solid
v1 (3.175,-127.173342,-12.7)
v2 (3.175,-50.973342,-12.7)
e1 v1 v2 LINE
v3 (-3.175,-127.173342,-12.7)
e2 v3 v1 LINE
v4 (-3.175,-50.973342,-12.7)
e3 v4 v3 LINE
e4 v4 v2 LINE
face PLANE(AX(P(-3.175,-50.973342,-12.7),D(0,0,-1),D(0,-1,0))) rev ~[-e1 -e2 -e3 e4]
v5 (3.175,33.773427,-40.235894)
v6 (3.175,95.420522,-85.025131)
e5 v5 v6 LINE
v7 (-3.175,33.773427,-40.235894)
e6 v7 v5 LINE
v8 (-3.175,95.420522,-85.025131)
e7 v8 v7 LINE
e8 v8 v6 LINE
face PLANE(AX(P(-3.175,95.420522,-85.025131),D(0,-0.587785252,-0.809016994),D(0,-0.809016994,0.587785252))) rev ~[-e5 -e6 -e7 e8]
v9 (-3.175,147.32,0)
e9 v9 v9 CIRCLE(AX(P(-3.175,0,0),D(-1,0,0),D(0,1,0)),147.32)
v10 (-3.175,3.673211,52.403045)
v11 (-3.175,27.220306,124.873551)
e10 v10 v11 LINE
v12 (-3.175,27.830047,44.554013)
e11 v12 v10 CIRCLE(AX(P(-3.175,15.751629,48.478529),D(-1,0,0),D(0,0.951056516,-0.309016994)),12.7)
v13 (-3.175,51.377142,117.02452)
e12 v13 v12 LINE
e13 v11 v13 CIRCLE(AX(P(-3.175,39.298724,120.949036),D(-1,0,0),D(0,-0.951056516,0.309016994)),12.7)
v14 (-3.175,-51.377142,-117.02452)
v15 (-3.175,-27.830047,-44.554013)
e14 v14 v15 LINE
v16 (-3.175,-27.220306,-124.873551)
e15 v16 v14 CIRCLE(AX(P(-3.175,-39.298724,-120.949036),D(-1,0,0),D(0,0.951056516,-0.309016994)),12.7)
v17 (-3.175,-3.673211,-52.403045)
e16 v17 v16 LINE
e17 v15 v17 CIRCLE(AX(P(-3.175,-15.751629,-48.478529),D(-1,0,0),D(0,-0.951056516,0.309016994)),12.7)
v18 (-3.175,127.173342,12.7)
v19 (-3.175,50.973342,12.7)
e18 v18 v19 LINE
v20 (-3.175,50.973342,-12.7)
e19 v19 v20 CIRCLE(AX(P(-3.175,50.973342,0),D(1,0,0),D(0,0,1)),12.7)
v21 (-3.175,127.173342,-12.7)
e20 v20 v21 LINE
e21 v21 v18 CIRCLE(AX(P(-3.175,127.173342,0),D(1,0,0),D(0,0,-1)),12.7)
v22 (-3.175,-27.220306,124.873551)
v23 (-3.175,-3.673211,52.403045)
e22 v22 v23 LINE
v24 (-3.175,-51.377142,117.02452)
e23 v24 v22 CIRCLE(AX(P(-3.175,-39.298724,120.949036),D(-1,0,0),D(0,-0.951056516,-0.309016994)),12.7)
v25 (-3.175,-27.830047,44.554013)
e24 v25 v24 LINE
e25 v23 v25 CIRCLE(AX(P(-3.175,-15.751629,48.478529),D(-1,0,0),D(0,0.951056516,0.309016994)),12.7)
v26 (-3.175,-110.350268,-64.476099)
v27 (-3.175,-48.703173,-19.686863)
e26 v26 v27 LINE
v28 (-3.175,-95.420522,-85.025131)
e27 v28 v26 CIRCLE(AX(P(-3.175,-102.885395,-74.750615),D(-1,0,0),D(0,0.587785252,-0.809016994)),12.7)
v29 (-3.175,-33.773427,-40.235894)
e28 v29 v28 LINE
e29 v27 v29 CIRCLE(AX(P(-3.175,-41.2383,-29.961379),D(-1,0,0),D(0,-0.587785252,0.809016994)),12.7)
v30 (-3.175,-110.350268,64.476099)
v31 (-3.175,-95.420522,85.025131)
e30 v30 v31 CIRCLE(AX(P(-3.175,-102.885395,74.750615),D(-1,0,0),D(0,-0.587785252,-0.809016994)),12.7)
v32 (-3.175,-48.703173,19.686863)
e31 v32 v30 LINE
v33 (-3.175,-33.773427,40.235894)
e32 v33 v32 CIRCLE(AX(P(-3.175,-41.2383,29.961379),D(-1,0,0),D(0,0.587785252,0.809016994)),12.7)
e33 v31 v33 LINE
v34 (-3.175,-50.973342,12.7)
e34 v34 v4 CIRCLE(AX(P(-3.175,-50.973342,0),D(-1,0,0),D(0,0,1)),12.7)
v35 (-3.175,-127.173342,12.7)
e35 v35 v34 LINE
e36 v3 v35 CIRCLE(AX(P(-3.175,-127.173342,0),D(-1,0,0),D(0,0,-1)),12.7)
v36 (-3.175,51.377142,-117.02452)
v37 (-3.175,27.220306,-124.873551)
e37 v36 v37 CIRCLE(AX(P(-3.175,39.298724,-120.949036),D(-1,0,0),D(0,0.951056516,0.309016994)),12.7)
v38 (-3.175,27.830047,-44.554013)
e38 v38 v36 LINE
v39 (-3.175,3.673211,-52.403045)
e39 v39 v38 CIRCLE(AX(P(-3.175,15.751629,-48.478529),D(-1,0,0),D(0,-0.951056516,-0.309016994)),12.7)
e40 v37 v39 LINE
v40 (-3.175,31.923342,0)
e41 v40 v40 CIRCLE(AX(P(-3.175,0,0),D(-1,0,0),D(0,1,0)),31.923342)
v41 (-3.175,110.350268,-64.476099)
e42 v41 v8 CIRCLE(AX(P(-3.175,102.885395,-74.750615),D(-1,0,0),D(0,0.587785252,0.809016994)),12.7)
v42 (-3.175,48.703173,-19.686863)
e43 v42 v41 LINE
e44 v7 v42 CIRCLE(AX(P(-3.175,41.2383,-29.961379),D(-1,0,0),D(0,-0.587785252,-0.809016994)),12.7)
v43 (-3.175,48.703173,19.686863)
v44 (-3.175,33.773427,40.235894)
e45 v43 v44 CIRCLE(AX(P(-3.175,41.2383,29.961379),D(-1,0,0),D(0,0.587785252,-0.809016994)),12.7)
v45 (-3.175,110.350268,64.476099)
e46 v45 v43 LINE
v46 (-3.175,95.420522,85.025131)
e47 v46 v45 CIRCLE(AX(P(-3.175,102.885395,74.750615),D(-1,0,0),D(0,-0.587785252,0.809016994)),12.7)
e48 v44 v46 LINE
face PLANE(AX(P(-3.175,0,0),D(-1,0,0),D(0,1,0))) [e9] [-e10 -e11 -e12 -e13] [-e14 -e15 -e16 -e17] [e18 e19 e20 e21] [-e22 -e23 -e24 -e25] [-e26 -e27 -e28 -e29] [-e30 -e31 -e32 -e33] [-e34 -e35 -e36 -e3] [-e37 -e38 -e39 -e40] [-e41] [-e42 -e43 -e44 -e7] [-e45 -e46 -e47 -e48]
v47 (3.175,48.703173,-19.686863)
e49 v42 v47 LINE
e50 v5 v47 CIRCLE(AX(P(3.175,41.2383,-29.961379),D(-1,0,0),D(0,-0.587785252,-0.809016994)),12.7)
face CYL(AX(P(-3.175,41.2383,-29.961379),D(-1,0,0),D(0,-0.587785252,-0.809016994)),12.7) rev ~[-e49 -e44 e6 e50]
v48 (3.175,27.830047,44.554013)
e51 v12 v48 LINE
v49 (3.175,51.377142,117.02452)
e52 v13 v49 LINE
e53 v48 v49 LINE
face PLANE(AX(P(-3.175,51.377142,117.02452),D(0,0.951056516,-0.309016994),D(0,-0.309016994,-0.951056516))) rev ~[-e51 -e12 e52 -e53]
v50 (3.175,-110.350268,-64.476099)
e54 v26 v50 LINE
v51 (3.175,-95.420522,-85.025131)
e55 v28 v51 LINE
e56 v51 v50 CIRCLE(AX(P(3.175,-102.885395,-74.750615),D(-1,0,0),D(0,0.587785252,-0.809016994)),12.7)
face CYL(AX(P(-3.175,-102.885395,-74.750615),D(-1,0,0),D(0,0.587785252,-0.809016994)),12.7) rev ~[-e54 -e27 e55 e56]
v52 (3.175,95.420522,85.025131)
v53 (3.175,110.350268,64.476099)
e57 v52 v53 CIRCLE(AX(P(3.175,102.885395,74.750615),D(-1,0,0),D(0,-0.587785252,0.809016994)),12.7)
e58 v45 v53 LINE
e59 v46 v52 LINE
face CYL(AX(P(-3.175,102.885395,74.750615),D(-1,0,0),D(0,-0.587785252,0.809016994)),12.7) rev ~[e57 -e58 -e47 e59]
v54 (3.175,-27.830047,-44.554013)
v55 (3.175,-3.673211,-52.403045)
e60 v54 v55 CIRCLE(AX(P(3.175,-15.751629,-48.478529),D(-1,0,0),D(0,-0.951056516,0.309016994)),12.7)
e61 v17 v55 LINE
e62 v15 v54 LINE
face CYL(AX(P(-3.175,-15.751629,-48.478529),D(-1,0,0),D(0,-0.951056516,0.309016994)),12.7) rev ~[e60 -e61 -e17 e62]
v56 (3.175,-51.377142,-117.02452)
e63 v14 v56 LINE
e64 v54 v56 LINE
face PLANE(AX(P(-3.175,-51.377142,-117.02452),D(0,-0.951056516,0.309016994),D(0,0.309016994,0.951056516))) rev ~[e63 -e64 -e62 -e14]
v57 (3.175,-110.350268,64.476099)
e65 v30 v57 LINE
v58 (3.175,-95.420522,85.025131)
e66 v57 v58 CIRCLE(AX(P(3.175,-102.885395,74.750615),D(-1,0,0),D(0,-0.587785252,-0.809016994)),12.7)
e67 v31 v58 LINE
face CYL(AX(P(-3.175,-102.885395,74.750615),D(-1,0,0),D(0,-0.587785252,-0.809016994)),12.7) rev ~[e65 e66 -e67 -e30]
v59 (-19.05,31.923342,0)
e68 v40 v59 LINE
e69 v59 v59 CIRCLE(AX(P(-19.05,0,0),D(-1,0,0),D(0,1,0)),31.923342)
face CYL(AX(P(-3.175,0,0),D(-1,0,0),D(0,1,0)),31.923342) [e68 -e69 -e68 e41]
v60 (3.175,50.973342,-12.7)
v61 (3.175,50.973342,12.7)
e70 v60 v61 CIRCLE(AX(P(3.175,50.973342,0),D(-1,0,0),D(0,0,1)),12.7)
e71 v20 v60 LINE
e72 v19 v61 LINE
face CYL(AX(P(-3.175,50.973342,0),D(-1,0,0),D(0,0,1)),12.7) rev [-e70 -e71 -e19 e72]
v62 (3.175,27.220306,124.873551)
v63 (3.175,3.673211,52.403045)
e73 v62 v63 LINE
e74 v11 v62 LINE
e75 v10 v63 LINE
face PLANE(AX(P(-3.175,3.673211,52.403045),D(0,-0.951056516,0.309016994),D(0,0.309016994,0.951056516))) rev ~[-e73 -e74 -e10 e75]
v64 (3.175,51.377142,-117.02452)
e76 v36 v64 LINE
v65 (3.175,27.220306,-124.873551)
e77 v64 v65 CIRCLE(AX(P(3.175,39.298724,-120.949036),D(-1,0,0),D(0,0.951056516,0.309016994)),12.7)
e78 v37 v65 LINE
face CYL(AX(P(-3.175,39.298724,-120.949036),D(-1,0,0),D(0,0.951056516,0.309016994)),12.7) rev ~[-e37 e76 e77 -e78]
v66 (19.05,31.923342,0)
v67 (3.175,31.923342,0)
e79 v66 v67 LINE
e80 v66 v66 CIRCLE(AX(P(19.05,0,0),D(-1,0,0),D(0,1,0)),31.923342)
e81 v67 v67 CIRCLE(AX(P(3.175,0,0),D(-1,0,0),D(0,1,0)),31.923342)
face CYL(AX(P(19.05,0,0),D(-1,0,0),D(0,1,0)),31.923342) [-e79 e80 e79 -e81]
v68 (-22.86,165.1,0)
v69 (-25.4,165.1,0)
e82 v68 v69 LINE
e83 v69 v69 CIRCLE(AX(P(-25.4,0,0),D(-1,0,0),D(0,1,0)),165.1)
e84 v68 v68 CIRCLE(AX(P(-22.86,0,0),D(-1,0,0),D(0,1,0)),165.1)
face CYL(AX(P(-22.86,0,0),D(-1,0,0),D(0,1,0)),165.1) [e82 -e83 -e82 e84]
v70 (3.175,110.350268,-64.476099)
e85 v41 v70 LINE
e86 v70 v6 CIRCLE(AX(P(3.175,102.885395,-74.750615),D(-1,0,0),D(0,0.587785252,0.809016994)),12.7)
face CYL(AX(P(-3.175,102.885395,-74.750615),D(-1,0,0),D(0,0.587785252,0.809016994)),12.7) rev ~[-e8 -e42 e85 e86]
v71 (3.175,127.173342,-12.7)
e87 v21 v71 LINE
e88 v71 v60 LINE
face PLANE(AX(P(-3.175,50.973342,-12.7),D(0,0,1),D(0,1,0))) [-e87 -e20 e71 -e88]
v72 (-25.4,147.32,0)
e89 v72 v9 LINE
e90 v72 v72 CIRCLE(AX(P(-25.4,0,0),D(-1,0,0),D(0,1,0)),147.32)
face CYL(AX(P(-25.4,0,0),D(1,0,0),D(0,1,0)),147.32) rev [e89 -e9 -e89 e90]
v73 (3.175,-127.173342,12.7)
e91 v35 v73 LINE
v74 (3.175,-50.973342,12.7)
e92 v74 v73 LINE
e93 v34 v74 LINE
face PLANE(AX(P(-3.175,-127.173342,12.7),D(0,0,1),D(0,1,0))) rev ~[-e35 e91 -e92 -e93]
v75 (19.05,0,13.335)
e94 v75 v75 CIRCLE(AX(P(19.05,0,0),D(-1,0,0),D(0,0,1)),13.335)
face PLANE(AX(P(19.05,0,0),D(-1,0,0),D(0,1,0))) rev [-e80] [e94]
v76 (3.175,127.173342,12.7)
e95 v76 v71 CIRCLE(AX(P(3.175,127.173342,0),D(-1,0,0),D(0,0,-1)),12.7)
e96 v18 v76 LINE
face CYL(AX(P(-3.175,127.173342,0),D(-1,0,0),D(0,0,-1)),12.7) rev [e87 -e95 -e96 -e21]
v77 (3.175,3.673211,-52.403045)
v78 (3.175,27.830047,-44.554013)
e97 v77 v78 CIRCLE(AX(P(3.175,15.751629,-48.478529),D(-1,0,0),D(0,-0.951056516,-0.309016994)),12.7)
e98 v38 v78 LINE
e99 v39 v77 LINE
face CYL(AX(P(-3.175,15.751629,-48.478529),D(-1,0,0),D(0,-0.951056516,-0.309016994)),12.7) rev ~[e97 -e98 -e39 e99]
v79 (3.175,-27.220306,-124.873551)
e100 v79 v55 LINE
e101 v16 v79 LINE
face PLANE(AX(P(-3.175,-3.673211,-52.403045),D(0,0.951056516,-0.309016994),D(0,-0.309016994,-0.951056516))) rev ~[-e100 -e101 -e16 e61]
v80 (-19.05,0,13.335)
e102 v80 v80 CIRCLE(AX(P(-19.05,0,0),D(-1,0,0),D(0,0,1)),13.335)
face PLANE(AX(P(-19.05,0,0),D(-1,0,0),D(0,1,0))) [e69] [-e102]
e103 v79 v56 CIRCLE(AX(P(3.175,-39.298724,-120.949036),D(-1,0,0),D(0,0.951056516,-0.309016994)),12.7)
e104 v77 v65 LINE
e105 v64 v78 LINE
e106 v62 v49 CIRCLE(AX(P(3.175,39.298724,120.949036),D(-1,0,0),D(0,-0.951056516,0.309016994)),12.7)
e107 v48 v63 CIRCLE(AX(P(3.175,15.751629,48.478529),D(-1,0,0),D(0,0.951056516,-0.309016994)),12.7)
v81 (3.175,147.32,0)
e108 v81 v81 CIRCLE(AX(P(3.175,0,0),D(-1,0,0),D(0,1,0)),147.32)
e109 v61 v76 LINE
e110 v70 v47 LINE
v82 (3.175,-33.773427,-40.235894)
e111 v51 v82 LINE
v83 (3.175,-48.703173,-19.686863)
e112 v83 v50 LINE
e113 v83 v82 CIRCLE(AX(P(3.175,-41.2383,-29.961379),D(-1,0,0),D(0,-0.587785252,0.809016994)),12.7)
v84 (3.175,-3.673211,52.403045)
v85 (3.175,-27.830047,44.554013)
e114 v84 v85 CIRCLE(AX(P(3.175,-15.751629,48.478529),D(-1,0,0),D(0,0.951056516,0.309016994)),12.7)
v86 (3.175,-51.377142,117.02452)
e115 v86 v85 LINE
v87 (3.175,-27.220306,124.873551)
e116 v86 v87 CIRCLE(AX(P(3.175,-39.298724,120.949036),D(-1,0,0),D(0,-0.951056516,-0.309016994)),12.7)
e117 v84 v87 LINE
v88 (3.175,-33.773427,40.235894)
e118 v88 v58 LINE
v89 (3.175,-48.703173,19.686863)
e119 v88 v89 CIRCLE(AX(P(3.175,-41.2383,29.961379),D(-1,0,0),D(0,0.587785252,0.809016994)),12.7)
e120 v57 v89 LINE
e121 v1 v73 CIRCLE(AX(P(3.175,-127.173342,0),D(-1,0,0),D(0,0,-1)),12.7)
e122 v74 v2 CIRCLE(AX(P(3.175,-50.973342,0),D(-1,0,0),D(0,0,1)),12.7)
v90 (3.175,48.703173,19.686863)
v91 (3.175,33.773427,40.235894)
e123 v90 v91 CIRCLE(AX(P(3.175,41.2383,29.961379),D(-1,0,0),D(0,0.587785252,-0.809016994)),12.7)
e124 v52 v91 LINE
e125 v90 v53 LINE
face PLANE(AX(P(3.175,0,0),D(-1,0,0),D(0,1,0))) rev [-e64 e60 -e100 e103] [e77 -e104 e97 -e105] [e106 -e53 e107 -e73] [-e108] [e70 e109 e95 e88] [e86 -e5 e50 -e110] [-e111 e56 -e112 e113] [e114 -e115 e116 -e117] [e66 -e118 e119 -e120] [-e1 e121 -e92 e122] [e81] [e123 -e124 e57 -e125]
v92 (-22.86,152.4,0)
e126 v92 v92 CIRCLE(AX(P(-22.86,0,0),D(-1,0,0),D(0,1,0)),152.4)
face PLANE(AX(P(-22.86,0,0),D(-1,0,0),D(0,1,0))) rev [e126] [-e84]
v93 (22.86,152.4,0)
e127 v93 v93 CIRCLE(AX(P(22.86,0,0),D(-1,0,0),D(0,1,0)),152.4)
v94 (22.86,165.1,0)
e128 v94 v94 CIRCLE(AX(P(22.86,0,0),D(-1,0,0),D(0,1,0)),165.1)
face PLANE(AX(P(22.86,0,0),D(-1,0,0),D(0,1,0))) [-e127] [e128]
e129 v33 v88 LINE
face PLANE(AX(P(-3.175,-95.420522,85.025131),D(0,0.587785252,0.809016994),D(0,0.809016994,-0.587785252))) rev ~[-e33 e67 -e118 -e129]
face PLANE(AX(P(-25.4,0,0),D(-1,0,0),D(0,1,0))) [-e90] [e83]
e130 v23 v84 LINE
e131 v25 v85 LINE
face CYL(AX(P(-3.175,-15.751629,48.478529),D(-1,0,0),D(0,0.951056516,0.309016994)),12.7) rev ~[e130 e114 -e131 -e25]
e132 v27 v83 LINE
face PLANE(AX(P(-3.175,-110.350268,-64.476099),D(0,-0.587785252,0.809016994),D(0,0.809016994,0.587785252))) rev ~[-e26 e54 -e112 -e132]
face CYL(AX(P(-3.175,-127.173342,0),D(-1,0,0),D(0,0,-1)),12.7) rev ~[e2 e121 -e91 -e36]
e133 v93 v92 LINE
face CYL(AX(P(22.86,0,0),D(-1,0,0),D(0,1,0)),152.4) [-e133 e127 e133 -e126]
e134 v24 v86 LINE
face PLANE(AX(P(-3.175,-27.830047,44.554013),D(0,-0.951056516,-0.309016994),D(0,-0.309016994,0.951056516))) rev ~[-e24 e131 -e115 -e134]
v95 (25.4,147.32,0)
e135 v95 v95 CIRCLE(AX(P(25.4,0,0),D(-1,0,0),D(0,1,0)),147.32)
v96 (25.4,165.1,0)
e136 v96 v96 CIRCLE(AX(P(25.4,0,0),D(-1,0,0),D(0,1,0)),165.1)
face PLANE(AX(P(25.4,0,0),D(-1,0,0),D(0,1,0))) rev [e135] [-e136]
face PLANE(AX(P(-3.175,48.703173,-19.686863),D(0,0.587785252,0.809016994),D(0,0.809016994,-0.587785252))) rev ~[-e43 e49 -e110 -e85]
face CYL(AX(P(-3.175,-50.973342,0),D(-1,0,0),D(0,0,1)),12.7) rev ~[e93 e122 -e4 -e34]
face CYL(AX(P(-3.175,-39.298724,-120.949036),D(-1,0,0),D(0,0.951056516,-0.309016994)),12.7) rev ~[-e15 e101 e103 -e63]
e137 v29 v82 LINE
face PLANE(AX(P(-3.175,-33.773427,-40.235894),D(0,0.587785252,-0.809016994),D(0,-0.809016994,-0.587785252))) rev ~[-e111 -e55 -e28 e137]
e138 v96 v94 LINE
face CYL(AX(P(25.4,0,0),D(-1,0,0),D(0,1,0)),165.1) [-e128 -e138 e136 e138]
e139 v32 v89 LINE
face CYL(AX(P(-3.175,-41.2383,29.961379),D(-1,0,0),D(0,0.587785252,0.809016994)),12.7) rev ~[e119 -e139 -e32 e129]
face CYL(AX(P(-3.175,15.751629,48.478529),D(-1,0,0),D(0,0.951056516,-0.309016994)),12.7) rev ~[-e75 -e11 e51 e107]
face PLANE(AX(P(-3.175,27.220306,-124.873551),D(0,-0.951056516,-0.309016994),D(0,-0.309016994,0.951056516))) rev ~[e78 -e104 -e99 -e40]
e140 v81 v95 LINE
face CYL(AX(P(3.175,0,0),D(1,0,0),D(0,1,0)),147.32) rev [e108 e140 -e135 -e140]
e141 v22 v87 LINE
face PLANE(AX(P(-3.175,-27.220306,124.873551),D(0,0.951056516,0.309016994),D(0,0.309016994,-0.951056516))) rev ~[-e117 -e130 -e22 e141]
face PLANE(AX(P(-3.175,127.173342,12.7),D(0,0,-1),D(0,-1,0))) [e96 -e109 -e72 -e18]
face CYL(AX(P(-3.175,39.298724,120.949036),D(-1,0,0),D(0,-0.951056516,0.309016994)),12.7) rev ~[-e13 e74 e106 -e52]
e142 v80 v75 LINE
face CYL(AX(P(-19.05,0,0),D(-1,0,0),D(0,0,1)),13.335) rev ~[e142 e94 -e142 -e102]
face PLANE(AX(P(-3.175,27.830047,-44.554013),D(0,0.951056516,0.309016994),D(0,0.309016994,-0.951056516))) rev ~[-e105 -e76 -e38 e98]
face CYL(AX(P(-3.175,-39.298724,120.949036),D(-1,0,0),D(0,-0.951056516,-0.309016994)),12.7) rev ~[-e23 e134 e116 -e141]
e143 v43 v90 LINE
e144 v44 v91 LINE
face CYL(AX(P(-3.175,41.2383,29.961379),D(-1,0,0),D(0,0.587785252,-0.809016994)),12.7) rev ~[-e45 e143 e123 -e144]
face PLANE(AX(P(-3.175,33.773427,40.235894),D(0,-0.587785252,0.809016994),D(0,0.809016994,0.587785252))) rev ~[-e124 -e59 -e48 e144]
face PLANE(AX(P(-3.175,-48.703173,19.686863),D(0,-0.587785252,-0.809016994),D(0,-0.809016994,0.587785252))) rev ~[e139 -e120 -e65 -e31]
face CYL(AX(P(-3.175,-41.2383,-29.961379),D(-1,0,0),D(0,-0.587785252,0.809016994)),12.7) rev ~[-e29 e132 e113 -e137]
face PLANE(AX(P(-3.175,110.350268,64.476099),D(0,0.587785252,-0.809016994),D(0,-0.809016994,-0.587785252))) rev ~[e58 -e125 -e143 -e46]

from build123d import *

# Parameters (mm, degrees)
SKETCH3_R                = 13.335
CUT_EXTRUDE1_DEPTH       = 7.35
CUT_EXTRUDE1_DEPTH_BACK  = 45.45
CUT_EXTRUDE10_DEPTH      = 23.225
CUT_EXTRUDE10_DEPTH_BACK = 29.575


with BuildPart() as part:
    # Sketch2 → Revolve2 (revolve)
    with BuildSketch(Plane.XY):
        Polygon((22.86, 152.4), (-22.86, 152.4), (-22.86, 165.1), (-25.4, 165.1), (-25.4, 147.32), (-3.175, 147.32), (-3.175, 31.92334197), (-19.05, 31.92334197), (-19.05, 0), (19.05, 0), (19.05, 31.92334197), (3.175, 31.92334197), (3.175, 147.32), (25.4, 147.32), (25.4, 165.1), (22.86, 165.1), align=None)
    revolve(axis=Axis((217.873654092, 0, 0), (-1, 0, 0)))

    # Sketch3 → Cut-Extrude1 (cut, two sides)
    with BuildSketch(Plane.ZY.offset(19.05)) as cut_extrude1_sk:
        Circle(SKETCH3_R)
    extrude(amount=CUT_EXTRUDE1_DEPTH, mode=Mode.SUBTRACT)
    extrude(cut_extrude1_sk.sketch, amount=-CUT_EXTRUDE1_DEPTH_BACK, mode=Mode.SUBTRACT)

    # Sketch4 → Cut-Extrude10 (cut, two sides)
    with BuildSketch(Plane.ZY.offset(3.175)) as cut_extrude10_sk:
        with BuildLine():
            Line((12.7, 127.17334197), (12.7, 50.97334197))
            ThreePointArc((12.7, 50.97334197), (0, 38.27334197), (-12.7, 50.97334197))
            Line((-12.7, 50.97334197), (-12.7, 127.17334197))
            ThreePointArc((-12.7, 127.17334197), (0, 139.87334197), (12.7, 127.17334197))
        make_face()
        with BuildLine():
            Line((64.476099066, 110.350267589), (19.686862842, 48.703172618))
            ThreePointArc((19.686862842, 48.703172618), (22.496505966, 30.963784085), (40.235894499, 33.77342721))
            Line((40.235894499, 33.77342721), (85.025130723, 95.420522181))
            ThreePointArc((85.025130723, 95.420522181), (82.215487599, 113.159910714), (64.476099066, 110.350267589))
        make_face()
        with BuildLine():
            Line((117.024519751, 51.377141657), (44.55401321, 27.830046686))
            ThreePointArc((44.55401321, 27.830046686), (36.400111281, 11.8271131), (52.403044867, 3.673211172))
            Line((52.403044867, 3.673211172), (124.873551408, 27.220306143))
            ThreePointArc((124.873551408, 27.220306143), (133.027453337, 43.223239729), (117.024519751, 51.377141657))
        make_face()
        with BuildLine():
            Line((124.873551408, -27.220306143), (52.403044867, -3.673211172))
            ThreePointArc((52.403044867, -3.673211172), (36.400111281, -11.8271131), (44.55401321, -27.830046686))
            Line((44.55401321, -27.830046686), (117.024519751, -51.377141657))
            ThreePointArc((117.024519751, -51.377141657), (133.027453337, -43.223239729), (124.873551408, -27.220306143))
        make_face()
        with BuildLine():
            Line((85.025130723, -95.420522181), (40.235894499, -33.77342721))
            ThreePointArc((40.235894499, -33.77342721), (22.496505966, -30.963784085), (19.686862842, -48.703172618))
            Line((19.686862842, -48.703172618), (64.476099066, -110.350267589))
            ThreePointArc((64.476099066, -110.350267589), (82.215487599, -113.159910714), (85.025130723, -95.420522181))
        make_face()
        with BuildLine():
            Line((12.7, -127.17334197), (12.7, -50.97334197))
            ThreePointArc((12.7, -50.97334197), (0, -38.27334197), (-12.7, -50.97334197))
            Line((-12.7, -50.97334197), (-12.7, -127.17334197))
            ThreePointArc((-12.7, -127.17334197), (0, -139.87334197), (12.7, -127.17334197))
        make_face()
        with BuildLine():
            Line((-64.476099066, -110.350267589), (-19.686862842, -48.703172618))
            ThreePointArc((-19.686862842, -48.703172618), (-22.496505966, -30.963784085), (-40.235894499, -33.77342721))
            Line((-40.235894499, -33.77342721), (-85.025130723, -95.420522181))
            ThreePointArc((-85.025130723, -95.420522181), (-82.215487599, -113.159910714), (-64.476099066, -110.350267589))
        make_face()
        with BuildLine():
            Line((-117.024519751, -51.377141657), (-44.55401321, -27.830046686))
            ThreePointArc((-44.55401321, -27.830046686), (-36.400111281, -11.8271131), (-52.403044867, -3.673211172))
            Line((-52.403044867, -3.673211172), (-124.873551408, -27.220306143))
            ThreePointArc((-124.873551408, -27.220306143), (-133.027453337, -43.223239729), (-117.024519751, -51.377141657))
        make_face()
        with BuildLine():
            Line((-124.873551408, 27.220306143), (-52.403044867, 3.673211172))
            ThreePointArc((-52.403044867, 3.673211172), (-36.400111281, 11.8271131), (-44.55401321, 27.830046686))
            Line((-44.55401321, 27.830046686), (-117.024519751, 51.377141657))
            ThreePointArc((-117.024519751, 51.377141657), (-133.027453337, 43.223239729), (-124.873551408, 27.220306143))
        make_face()
        with BuildLine():
            Line((-85.025130723, 95.420522181), (-40.235894499, 33.77342721))
            ThreePointArc((-40.235894499, 33.77342721), (-22.496505966, 30.963784085), (-19.686862842, 48.703172618))
            Line((-19.686862842, 48.703172618), (-64.476099066, 110.350267589))
            ThreePointArc((-64.476099066, 110.350267589), (-82.215487599, 113.159910714), (-85.025130723, 95.420522181))
        make_face()
    extrude(amount=CUT_EXTRUDE10_DEPTH, mode=Mode.SUBTRACT)
    extrude(cut_extrude10_sk.sketch, amount=-CUT_EXTRUDE10_DEPTH_BACK, mode=Mode.SUBTRACT)


solid = part.part
